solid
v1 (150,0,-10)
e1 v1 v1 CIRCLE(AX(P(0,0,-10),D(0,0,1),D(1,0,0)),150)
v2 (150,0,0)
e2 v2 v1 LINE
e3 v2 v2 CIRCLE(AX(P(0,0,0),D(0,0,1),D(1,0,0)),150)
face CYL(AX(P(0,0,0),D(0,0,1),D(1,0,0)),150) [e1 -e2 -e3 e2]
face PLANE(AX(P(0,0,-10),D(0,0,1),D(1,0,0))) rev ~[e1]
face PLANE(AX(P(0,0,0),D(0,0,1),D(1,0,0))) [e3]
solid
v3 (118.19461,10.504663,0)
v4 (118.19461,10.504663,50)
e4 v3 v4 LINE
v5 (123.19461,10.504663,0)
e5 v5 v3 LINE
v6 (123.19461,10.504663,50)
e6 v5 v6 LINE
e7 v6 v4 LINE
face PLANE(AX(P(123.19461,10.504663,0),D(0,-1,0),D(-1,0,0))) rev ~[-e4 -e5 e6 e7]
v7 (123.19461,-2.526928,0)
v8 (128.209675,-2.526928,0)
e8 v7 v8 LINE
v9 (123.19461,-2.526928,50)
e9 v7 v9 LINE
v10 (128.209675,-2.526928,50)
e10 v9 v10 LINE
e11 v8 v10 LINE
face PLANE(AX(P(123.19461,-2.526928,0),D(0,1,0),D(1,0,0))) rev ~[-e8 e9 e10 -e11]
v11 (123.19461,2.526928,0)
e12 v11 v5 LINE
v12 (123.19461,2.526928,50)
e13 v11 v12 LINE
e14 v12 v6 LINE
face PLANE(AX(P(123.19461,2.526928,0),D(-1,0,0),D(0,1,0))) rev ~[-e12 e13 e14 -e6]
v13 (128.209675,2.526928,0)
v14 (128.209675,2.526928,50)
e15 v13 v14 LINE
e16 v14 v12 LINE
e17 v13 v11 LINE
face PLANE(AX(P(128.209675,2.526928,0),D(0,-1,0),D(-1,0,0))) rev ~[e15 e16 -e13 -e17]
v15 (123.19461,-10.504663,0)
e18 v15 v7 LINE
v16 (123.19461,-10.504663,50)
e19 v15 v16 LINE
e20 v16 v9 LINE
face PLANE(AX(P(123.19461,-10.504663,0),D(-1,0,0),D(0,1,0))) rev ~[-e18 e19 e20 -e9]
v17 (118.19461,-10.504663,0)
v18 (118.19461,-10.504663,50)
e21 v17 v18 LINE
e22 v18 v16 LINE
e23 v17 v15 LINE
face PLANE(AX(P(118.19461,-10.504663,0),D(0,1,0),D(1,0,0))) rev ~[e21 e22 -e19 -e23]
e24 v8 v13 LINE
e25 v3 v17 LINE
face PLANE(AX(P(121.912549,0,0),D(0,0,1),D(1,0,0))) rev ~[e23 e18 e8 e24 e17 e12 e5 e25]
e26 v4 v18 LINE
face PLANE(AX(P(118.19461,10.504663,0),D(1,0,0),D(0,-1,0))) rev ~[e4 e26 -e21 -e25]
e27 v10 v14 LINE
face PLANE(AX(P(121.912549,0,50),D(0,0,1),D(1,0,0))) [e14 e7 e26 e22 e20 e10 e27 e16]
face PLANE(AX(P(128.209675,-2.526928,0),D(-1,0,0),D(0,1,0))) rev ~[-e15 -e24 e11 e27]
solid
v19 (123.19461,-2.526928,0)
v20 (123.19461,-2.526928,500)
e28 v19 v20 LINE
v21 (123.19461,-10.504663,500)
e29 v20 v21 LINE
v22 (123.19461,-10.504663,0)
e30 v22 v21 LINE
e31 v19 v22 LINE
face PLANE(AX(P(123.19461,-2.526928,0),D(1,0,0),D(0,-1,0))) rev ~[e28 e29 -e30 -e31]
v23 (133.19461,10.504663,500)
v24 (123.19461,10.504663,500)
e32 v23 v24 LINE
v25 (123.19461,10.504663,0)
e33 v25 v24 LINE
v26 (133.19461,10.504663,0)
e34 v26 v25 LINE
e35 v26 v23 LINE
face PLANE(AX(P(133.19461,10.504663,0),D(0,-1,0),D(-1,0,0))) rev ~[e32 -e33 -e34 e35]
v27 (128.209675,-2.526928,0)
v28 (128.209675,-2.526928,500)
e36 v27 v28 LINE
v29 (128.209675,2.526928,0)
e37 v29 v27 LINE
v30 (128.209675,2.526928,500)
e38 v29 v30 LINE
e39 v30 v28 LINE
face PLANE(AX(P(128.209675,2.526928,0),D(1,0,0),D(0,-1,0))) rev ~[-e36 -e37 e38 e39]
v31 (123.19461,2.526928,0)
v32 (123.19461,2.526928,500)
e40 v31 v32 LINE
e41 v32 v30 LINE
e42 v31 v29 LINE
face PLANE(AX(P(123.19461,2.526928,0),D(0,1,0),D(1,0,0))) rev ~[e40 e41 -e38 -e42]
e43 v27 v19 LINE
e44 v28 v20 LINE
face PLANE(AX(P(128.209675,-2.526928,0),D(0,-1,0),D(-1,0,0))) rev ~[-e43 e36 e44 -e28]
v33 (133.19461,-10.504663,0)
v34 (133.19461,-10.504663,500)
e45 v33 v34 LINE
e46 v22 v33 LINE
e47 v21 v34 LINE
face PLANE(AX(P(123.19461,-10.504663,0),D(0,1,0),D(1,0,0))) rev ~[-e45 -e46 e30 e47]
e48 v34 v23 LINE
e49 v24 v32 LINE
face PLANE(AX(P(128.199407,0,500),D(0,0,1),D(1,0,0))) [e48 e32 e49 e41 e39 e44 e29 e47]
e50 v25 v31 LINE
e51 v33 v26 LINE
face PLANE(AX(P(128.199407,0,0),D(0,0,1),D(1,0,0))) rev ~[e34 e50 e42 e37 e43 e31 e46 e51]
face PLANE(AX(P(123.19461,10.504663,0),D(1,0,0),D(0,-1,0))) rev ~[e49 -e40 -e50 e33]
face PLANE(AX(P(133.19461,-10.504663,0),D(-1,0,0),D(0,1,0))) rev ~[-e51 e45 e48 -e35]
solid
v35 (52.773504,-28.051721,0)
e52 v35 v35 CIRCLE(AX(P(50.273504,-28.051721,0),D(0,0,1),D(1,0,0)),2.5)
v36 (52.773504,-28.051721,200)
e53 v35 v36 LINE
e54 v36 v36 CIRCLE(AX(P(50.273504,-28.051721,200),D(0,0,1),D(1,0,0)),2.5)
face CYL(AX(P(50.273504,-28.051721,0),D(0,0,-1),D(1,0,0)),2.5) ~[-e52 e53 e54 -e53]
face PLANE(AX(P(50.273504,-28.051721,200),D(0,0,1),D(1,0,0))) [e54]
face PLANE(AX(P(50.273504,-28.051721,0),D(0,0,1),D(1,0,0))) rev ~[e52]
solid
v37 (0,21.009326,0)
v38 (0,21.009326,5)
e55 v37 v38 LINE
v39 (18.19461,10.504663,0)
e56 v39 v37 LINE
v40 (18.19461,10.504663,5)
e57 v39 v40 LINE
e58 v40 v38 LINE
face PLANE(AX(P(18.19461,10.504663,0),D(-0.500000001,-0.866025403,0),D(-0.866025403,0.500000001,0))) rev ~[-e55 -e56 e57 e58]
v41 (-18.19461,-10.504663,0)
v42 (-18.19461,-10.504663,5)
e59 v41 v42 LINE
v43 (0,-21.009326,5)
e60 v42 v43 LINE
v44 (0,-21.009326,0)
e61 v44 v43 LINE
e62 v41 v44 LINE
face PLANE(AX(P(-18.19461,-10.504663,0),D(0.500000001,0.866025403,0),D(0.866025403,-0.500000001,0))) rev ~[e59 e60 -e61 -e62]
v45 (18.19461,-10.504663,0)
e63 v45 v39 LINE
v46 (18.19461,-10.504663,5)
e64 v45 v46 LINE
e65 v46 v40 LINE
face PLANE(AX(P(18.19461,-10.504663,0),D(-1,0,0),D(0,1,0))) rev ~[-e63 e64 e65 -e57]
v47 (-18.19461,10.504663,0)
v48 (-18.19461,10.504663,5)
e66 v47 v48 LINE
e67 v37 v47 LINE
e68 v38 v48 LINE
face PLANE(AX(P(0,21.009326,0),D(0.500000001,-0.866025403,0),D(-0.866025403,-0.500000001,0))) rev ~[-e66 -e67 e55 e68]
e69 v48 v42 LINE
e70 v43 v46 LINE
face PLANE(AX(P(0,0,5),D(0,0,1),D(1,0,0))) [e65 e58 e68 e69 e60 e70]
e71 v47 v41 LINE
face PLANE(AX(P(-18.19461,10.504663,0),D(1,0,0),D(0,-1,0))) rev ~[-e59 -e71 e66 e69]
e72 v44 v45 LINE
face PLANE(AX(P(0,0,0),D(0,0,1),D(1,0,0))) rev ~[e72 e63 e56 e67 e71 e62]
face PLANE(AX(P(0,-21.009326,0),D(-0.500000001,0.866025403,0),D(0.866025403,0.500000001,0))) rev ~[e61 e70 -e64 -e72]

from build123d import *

# Parameters (mm, degrees)
F1_DEPTH = 500
F2_DEPTH = 5
F3_DEPTH = 50
F0_R     = 2.5
F4_DEPTH = 200
F0_R_2   = 150
F5_DEPTH = 10


with BuildPart() as f1:
    # F0 (on Top) → F1 (new body)
    with BuildSketch(Plane.XY):
        Polygon((133.19461, 10.504663), (123.19461, 10.504663), (123.19461, 2.526928), (128.209675, 2.526928), (128.209675, -2.526928), (123.19461, -2.526928), (123.19461, -10.504663), (133.19461, -10.504663), align=None)
    extrude(amount=F1_DEPTH)


with BuildPart() as f2:
    # F0 (on Top) → F2 (new body)
    with BuildSketch(Plane.XY):
        Polygon((18.19461, -10.504663), (18.19461, 10.504663), (0, 21.009326), (-18.19461, 10.504663), (-18.19461, -10.504663), (0, -21.009326), align=None)
    extrude(amount=F2_DEPTH)


with BuildPart() as f3:
    # F0 (on Top) → F3 (new body)
    with BuildSketch(Plane.XY):
        Polygon((123.19461, 10.504663), (118.19461, 10.504663), (118.19461, -10.504663), (123.19461, -10.504663), (123.19461, -2.526928), (128.209675, -2.526928), (128.209675, 2.526928), (123.19461, 2.526928), align=None)
    extrude(amount=F3_DEPTH)


with BuildPart() as f4:
    # F0 (on Top) → F4 (new body)
    with BuildSketch(Plane.XY):
        with Locations((50.273504, -28.051721)):
            Circle(F0_R)
    extrude(amount=F4_DEPTH)


with BuildPart() as f5:
    # F0 (on Top) → F5 (new body)
    with BuildSketch(Plane.XY):
        Circle(F0_R_2)
        with Locations((50.273504, -28.051721)):
            Circle(F0_R, mode=Mode.SUBTRACT)
        Polygon((0, 21.009326), (18.19461, 10.504663), (18.19461, -10.504663), (0, -21.009326), (-18.19461, -10.504663), (-18.19461, 10.504663), align=None, mode=Mode.SUBTRACT)
        Polygon((118.19461, -10.504663), (118.19461, 10.504663), (123.19461, 10.504663), (133.19461, 10.504663), (133.19461, -10.504663), (123.19461, -10.504663), align=None, mode=Mode.SUBTRACT)
        Polygon((133.19461, 10.504663), (123.19461, 10.504663), (123.19461, 2.526928), (128.209675, 2.526928), (128.209675, -2.526928), (123.19461, -2.526928), (123.19461, -10.504663), (133.19461, -10.504663), align=None)
        Polygon((123.19461, 10.504663), (118.19461, 10.504663), (118.19461, -10.504663), (123.19461, -10.504663), (123.19461, -2.526928), (128.209675, -2.526928), (128.209675, 2.526928), (123.19461, 2.526928), align=None)
        Polygon((18.19461, -10.504663), (18.19461, 10.504663), (0, 21.009326), (-18.19461, 10.504663), (-18.19461, -10.504663), (0, -21.009326), align=None)
        with Locations((50.273504, -28.051721)):
            Circle(F0_R)
    extrude(amount=-F5_DEPTH)


solid = Compound([f1.part, f2.part, f3.part, f4.part, f5.part])
